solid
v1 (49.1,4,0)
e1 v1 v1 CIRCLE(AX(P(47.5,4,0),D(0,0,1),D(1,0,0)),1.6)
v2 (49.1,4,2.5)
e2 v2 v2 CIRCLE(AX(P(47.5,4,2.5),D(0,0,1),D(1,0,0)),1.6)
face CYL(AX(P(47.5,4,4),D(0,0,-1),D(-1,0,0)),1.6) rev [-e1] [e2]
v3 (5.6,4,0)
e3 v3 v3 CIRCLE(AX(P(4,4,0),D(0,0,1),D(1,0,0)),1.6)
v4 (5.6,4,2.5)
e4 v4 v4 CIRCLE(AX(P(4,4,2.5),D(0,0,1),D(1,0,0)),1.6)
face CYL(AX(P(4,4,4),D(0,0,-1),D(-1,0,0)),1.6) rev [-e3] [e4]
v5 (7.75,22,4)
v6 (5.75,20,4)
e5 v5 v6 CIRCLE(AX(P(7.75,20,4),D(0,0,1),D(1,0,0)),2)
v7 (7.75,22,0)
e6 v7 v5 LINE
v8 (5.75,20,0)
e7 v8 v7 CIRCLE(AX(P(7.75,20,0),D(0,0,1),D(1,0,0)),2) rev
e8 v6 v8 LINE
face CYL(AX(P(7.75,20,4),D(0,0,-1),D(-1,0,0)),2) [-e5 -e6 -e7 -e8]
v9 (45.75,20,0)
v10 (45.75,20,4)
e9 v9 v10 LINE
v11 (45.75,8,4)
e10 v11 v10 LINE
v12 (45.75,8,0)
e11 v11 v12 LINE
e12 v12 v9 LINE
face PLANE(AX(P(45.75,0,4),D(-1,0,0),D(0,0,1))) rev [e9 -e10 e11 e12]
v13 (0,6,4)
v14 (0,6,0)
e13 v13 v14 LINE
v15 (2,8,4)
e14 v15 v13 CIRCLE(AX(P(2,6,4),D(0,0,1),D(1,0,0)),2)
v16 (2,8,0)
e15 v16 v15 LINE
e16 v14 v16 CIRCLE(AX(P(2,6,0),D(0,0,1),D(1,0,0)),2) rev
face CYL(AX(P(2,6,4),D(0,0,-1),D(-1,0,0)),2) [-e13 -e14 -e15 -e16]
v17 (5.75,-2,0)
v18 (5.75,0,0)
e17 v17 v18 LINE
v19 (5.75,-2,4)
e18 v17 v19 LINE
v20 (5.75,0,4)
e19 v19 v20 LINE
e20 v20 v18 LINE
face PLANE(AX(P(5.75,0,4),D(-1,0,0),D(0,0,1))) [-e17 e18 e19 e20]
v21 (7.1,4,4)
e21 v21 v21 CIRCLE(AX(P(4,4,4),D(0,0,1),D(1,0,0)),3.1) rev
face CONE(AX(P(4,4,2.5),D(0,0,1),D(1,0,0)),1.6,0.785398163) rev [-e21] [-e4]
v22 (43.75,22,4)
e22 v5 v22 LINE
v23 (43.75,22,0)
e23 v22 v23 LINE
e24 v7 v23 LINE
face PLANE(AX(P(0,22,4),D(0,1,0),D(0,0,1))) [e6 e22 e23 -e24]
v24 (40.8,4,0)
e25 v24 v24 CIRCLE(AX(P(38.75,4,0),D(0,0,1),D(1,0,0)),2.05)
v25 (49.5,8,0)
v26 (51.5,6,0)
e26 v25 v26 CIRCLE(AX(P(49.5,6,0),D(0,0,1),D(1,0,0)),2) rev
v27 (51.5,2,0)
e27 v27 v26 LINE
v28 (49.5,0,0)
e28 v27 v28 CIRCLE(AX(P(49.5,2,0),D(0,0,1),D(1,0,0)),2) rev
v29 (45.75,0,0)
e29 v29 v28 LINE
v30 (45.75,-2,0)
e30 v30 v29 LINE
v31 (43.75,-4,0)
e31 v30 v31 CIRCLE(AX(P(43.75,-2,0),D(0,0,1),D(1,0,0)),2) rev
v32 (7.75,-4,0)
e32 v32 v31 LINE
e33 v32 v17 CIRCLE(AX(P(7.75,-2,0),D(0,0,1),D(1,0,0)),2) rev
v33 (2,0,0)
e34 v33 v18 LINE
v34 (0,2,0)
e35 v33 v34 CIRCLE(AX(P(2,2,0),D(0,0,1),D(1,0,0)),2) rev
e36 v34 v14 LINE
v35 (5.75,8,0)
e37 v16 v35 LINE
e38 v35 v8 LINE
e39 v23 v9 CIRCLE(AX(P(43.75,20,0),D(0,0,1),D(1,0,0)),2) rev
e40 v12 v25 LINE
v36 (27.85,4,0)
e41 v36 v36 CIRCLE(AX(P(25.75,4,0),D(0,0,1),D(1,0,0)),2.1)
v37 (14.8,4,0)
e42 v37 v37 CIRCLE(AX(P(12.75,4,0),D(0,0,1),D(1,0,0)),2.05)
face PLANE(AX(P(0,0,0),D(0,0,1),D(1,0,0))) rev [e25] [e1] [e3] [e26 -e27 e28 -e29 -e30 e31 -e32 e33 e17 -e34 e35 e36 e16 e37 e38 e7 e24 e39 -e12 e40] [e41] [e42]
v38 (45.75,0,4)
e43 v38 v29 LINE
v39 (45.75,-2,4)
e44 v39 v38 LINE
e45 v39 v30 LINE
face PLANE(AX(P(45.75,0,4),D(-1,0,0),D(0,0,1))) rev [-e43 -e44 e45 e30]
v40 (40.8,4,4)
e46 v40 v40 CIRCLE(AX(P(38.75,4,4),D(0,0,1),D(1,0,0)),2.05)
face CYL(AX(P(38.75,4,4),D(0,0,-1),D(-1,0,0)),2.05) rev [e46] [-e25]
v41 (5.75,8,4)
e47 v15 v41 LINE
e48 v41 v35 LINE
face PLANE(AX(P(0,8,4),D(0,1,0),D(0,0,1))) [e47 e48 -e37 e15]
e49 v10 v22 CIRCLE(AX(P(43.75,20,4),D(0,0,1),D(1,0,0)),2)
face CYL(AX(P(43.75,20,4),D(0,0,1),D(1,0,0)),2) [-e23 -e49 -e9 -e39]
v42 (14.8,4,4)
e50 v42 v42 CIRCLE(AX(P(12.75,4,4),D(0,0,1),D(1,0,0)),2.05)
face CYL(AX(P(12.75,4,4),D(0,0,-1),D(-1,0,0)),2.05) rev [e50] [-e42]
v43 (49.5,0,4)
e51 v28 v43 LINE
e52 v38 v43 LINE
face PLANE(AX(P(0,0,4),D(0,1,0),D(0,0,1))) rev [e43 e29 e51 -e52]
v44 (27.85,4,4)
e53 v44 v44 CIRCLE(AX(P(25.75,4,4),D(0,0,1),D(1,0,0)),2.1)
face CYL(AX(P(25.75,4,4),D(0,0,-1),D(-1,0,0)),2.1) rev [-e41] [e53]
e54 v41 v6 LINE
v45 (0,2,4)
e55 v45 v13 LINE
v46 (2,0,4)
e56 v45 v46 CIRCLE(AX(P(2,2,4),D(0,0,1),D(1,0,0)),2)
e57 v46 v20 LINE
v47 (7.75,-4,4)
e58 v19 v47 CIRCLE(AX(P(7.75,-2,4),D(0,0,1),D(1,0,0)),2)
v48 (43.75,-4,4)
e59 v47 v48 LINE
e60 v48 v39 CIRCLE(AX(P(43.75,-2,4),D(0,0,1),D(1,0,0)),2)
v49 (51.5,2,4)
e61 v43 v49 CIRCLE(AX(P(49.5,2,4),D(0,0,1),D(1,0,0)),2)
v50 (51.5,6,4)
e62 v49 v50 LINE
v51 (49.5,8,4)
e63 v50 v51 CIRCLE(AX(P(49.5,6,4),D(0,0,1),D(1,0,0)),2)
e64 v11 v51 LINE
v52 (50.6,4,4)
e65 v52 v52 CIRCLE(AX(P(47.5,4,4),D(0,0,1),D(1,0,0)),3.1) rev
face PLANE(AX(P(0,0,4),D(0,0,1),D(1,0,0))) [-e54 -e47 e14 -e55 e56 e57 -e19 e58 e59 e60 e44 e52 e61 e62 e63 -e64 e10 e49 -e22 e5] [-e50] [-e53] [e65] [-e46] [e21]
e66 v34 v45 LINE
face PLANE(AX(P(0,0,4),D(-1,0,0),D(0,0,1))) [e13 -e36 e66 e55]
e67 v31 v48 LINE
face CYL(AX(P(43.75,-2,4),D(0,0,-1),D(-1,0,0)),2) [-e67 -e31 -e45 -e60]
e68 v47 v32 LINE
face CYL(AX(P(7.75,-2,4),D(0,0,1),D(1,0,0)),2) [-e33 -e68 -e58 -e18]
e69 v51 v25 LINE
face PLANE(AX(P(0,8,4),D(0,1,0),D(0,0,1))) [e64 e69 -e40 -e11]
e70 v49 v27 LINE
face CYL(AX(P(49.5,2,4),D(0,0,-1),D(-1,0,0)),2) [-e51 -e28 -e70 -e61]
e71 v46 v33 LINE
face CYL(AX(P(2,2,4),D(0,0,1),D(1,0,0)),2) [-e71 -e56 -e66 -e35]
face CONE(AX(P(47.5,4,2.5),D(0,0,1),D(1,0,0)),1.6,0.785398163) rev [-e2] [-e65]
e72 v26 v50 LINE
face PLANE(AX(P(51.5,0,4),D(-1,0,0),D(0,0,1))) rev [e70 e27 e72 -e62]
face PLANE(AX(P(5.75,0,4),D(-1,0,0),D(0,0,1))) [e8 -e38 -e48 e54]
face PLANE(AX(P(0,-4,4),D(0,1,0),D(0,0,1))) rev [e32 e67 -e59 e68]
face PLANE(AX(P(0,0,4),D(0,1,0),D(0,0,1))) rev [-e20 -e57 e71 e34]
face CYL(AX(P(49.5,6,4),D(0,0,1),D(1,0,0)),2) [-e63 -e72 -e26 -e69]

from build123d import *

# Parameters (mm, degrees)
SKETCH_1_R      = 2.05
SKETCH_1_R_2    = 1.6
EXTRUDE_1_DEPTH = 4
FILLET_1_R      = 2
CHAMFER_1_SIZE  = 1.5
FILLET_2_R      = 2


with BuildPart() as part:
    # Эскиз1 → Бобышка-Вытянуть1 (new body)
    with BuildSketch(Plane.XY):
        Polygon((0, 8), (0, 0), (5.75, 0), (5.75, -4), (45.75, -4), (45.75, 0), (51.5, 0), (51.5, 8), (45.75, 8), (45.75, 22), (5.75, 22), (5.75, 8), align=None)
        with Locations((12.75, 4)):
            Circle(SKETCH_1_R, mode=Mode.SUBTRACT)
        with Locations((4, 4)):
            Circle(SKETCH_1_R_2, mode=Mode.SUBTRACT)
        with BuildLine():
            ThreePointArc((27.85, 4), (25.75, 1.9), (23.65, 4))
            ThreePointArc((23.65, 4), (25.75, 6.1), (27.85, 4))
        make_face(mode=Mode.SUBTRACT)
        with Locations((38.75, 4)):
            Circle(SKETCH_1_R, mode=Mode.SUBTRACT)
        with Locations((47.5, 4)):
            Circle(SKETCH_1_R_2, mode=Mode.SUBTRACT)
    extrude(amount=EXTRUDE_1_DEPTH)

    # Скругление1
    fillet_1_edges = [part.edges().sort_by_distance(p)[0] for p in [
        (0, 0, 2),
        (0, 8, 2),
        (51.5, 8, 2),
        (51.5, 0, 2),
    ]]
    fillet(fillet_1_edges, radius=FILLET_1_R)

    # Фаска1
    chamfer_1_edges = [part.edges().sort_by_distance(p)[0] for p in [
        (2.4, 4, 4),
        (45.9, 4, 4),
    ]]
    chamfer(chamfer_1_edges, length=CHAMFER_1_SIZE)

    # Скругление2
    fillet_2_edges = [part.edges().sort_by_distance(p)[0] for p in [
        (5.75, 22, 2),
        (45.75, 22, 2),
        (45.75, -4, 2),
        (5.75, -4, 2),
    ]]
    fillet(fillet_2_edges, radius=FILLET_2_R)


solid = part.part
